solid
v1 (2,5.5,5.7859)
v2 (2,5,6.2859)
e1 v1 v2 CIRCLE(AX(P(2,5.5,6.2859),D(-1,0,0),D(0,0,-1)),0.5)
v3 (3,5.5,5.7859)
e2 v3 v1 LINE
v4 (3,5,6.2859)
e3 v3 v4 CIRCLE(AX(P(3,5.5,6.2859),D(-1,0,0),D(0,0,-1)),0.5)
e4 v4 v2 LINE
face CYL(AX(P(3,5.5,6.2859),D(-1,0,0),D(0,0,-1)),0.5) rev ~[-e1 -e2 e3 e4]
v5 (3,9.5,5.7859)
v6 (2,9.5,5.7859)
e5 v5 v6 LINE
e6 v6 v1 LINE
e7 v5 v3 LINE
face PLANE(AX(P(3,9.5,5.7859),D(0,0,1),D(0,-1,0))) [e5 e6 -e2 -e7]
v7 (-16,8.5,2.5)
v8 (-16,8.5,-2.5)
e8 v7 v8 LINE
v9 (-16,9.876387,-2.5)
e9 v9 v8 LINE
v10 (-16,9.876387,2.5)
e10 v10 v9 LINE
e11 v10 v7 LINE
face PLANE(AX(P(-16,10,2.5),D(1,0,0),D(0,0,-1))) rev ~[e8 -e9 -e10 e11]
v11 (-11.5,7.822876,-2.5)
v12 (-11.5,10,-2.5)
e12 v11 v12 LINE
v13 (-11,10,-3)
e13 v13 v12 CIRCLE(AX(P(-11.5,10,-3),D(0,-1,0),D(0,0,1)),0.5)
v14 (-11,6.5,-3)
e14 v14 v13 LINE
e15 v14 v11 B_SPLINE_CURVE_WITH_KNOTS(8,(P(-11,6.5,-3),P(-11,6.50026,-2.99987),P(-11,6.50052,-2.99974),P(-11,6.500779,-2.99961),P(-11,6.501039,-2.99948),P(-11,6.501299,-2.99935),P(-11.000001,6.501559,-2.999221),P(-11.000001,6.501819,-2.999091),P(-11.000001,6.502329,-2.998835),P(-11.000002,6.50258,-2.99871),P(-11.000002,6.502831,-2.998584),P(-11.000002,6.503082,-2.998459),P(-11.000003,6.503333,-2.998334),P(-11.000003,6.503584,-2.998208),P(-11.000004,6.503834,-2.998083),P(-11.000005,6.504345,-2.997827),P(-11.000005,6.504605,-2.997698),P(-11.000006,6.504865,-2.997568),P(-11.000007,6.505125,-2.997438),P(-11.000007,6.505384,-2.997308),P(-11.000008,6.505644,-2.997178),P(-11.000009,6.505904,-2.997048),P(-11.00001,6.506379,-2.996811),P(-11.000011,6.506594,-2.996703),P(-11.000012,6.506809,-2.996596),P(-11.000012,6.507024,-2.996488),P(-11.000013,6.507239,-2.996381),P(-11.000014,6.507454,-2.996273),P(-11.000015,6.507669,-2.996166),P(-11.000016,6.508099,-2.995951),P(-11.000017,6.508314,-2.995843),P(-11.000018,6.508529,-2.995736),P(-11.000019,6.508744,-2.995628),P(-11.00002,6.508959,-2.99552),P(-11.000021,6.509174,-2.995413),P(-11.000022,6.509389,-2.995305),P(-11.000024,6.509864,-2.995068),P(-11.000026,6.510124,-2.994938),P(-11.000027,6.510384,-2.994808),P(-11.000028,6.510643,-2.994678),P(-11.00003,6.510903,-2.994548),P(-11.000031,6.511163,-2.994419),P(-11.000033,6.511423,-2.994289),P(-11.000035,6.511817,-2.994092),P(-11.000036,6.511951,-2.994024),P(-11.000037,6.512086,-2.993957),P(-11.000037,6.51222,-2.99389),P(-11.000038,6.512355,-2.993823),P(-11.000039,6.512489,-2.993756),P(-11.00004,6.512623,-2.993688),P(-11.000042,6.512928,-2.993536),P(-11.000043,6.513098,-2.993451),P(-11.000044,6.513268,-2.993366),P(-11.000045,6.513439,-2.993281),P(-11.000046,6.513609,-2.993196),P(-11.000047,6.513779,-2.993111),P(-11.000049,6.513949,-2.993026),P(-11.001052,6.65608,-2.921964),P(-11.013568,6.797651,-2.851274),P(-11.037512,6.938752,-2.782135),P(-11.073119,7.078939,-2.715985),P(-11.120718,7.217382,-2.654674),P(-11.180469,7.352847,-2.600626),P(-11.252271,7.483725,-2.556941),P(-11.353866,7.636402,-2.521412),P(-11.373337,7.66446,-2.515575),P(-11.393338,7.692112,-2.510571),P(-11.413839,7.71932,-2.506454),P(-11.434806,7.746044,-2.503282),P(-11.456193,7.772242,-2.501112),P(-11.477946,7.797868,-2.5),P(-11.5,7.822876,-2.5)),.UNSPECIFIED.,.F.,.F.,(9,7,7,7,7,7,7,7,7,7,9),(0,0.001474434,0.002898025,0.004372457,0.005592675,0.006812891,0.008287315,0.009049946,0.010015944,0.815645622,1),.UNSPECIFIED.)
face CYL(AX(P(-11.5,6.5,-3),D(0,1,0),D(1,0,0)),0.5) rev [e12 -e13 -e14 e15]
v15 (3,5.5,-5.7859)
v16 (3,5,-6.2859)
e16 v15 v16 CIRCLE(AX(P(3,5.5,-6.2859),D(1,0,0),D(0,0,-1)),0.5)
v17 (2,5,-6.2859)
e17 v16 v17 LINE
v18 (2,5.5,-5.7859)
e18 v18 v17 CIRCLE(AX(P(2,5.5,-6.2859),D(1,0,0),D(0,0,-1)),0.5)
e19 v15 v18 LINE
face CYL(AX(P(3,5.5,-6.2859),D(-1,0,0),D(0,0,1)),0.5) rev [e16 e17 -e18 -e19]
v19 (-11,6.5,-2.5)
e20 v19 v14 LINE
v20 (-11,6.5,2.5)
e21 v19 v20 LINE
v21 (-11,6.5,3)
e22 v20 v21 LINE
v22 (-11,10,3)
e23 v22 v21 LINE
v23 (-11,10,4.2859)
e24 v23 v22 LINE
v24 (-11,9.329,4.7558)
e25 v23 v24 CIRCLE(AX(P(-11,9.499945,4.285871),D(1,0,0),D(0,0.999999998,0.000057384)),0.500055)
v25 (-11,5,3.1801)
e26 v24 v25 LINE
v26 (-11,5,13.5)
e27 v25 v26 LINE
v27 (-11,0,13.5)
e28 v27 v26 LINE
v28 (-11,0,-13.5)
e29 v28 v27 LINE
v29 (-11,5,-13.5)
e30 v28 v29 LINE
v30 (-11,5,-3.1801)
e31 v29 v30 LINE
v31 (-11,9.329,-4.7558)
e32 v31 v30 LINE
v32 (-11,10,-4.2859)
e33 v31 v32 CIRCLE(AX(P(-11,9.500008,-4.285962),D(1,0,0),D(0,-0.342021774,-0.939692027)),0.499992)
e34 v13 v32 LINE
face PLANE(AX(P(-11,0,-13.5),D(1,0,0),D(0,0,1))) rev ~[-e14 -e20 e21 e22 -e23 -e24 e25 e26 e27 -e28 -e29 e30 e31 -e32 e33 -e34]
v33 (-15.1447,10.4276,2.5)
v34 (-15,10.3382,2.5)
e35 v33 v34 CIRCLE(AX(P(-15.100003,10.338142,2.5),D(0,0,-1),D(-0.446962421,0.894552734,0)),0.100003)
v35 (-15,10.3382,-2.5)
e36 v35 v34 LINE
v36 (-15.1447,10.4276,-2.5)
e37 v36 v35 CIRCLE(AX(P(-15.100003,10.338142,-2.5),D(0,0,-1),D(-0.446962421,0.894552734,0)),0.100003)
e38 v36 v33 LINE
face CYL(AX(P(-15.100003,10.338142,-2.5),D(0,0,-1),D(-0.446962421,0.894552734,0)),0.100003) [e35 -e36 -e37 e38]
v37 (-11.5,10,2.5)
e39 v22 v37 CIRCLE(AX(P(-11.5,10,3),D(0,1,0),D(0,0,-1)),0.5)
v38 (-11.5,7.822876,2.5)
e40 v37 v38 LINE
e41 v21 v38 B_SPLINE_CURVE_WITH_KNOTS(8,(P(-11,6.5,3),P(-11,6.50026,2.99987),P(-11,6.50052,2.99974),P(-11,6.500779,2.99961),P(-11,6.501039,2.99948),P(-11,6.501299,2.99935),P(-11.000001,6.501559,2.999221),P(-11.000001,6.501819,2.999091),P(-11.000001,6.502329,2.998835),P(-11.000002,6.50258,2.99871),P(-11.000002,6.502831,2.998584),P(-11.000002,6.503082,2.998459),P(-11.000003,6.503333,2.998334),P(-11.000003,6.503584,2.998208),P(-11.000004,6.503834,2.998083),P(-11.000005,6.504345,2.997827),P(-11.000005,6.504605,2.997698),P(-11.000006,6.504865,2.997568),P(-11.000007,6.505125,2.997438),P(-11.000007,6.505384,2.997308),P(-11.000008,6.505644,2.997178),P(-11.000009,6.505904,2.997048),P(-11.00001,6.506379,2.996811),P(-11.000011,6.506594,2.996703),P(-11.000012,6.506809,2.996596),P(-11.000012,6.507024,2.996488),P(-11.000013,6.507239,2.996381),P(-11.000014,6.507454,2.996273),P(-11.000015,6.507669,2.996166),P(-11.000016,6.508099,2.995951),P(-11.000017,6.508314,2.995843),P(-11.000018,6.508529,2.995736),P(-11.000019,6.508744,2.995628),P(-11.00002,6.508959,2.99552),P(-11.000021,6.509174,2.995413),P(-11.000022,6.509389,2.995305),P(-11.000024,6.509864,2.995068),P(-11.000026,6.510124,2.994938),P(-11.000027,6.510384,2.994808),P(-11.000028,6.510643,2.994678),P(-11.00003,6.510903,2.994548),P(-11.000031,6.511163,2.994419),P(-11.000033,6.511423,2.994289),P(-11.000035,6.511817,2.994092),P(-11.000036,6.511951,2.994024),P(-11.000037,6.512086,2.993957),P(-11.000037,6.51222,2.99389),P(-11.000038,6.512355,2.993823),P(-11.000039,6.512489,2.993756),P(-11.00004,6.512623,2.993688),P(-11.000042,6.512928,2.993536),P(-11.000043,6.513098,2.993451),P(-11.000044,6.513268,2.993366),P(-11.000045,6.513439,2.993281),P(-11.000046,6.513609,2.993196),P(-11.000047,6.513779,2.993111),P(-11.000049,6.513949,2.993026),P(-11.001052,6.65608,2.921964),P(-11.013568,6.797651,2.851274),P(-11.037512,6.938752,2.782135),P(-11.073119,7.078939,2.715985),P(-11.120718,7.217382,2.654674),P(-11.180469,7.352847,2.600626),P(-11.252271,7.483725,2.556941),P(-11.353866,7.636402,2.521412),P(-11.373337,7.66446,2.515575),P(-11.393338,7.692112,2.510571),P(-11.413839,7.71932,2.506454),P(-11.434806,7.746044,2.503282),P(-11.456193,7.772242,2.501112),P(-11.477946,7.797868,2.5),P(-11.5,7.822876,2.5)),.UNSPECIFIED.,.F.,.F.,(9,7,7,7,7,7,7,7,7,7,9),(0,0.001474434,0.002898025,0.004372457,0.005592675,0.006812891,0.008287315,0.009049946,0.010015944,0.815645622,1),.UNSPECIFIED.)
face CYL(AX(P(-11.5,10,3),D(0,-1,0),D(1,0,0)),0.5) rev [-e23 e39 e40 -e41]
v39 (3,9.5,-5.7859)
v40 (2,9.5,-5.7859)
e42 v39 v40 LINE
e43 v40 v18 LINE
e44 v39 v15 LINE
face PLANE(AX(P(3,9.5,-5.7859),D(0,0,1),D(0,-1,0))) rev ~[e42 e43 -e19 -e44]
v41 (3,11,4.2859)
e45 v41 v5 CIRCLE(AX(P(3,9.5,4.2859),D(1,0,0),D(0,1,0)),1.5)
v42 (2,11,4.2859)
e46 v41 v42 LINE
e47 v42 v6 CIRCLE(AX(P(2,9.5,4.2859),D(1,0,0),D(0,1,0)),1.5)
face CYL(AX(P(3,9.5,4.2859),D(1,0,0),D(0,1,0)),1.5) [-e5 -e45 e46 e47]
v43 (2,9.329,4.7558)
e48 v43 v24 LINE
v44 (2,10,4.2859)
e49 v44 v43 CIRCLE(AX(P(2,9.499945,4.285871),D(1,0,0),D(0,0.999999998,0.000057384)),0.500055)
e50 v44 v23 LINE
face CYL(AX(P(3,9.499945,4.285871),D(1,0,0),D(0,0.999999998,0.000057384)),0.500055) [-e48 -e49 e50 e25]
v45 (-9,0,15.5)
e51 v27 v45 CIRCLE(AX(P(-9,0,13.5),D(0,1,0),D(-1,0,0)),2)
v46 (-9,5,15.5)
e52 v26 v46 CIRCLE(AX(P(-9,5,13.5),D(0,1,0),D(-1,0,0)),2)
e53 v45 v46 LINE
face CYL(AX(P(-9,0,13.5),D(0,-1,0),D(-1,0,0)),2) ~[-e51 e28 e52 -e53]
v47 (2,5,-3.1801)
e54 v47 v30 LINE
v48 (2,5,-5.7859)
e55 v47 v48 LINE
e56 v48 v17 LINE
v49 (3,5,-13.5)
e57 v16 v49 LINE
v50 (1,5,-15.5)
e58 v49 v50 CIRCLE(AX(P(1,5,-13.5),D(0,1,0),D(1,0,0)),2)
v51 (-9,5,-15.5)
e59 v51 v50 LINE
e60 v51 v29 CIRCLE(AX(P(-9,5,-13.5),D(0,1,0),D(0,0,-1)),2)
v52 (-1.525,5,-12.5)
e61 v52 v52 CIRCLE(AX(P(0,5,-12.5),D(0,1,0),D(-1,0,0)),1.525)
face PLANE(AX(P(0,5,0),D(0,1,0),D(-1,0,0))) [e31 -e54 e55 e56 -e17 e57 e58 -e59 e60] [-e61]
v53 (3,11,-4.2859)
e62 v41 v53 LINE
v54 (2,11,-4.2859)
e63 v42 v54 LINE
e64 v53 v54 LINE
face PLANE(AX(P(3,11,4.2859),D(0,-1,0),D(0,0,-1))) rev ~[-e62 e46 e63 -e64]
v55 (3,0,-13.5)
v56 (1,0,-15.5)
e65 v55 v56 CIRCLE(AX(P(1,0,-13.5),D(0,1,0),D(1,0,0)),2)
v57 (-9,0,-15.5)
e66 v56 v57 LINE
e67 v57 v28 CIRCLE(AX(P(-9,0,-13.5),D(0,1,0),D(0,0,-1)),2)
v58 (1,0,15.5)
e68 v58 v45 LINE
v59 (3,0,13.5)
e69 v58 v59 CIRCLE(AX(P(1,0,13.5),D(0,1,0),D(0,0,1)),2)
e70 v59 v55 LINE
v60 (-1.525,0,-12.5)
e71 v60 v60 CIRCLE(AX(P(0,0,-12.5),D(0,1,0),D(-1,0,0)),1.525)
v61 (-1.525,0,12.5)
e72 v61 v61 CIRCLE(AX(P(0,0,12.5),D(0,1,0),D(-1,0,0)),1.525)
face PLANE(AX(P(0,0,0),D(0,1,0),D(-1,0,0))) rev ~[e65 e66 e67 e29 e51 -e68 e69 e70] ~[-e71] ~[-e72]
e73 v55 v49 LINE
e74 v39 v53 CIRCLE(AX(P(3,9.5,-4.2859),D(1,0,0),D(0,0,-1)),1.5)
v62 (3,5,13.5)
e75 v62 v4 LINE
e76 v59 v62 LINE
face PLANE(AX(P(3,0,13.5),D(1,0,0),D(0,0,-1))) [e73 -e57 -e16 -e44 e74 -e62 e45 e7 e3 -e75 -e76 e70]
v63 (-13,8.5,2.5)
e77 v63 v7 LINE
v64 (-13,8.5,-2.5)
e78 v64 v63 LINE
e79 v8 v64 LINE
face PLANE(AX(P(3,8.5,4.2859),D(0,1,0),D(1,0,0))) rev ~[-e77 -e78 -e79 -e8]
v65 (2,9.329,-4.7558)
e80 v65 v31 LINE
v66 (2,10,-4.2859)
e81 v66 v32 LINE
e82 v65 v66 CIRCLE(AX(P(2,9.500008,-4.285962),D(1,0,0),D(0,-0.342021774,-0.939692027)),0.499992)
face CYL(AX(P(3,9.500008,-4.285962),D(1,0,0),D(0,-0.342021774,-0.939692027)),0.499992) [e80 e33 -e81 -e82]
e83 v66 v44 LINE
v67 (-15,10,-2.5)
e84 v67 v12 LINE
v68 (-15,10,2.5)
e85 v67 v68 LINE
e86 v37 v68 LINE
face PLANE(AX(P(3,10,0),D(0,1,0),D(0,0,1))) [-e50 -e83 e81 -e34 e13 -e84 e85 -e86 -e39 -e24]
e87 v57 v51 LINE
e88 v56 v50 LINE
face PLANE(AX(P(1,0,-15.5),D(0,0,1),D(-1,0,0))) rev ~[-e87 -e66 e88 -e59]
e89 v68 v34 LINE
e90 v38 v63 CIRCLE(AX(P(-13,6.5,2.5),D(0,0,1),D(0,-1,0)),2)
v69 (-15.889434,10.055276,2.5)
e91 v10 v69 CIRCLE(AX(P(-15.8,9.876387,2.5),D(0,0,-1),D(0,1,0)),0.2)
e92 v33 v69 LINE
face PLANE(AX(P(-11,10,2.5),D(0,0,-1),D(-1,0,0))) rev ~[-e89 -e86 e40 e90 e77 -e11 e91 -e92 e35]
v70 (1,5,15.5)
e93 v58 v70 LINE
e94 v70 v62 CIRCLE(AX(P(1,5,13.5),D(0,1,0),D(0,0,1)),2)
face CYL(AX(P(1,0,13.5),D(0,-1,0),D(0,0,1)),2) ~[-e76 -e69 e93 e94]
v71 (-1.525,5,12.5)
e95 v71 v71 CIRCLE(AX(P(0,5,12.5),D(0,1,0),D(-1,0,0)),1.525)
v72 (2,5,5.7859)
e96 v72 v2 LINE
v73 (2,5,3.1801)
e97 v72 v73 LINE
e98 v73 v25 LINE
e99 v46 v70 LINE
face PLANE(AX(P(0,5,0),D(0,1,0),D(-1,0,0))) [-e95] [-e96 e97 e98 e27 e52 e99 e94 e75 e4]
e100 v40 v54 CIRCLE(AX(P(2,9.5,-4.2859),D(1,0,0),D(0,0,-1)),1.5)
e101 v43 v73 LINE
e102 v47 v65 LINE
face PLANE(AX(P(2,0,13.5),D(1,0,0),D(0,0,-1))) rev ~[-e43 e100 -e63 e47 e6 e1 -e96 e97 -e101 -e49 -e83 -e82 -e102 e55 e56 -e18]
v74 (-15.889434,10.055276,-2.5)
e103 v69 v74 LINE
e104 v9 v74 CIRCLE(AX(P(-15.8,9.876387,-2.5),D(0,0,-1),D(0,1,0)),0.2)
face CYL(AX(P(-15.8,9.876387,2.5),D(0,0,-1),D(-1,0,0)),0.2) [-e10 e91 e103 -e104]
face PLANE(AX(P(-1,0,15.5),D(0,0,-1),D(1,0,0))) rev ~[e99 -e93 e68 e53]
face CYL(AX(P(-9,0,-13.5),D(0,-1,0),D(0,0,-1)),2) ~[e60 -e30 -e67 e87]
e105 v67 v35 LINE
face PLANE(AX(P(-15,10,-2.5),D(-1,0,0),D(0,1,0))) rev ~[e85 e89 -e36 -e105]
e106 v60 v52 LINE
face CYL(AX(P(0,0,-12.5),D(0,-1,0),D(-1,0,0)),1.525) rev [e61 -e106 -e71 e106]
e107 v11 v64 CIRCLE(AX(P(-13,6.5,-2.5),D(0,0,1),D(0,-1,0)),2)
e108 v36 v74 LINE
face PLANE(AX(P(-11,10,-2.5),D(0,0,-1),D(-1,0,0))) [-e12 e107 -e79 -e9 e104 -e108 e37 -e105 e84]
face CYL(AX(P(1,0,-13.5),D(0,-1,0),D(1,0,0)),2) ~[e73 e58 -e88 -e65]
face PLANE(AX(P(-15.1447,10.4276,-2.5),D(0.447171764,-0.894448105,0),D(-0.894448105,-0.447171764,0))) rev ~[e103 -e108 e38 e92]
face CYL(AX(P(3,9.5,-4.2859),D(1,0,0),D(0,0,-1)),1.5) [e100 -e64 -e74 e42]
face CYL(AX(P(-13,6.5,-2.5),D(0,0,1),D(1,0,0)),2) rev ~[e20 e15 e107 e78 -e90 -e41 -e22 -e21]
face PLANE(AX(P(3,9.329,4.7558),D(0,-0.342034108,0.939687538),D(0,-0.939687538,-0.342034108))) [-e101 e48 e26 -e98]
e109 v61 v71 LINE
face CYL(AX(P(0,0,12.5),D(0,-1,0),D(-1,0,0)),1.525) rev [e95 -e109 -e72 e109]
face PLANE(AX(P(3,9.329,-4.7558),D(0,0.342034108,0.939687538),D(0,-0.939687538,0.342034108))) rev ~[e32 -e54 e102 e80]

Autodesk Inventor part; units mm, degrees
ref_plane "YZ Plane" through (0, 0, 0) normal (1, 0, 0) x (0, 1, 0)
ref_plane "XZ Plane" through (0, 0, 0) normal (0, 1, 0) x (-1, 0, 0)
ref_plane "XY Plane" through (0, 0, 0) normal (0, 0, 1) x (1, 0, 0)
sketch "Sketch1" plane through (0, 0, 0) normal (0, 1, 0) x (-1, 0, 0)
  line L0 (-1, -15.5) -> (1, -15.5)
  line L1 (1, 15.5) -> (-1, 15.5)
  line L2 (-3, 13.5) -> (-3, -13.5)
  line L3 (-3, -15.5) -> (3, 15.5) construction
  line L4 (3, -15.5) -> (-3, 15.5) construction
  circle A0 centre (0, 12.5) radius 1.525
  circle A1 centre (0, -12.5) radius 1.525
  arc A2 (-1, 15.5) -> (-3, 13.5) centre (-1, 13.5) ccw
  arc A3 (-3, -13.5) -> (-1, -15.5) centre (-1, -13.5) ccw
  line L5 (1, -15.5) -> (9, -15.5)
  line L6 (11, -13.5) -> (11, 13.5)
  line L7 (9, 15.5) -> (1, 15.5)
  arc A4 (9, -15.5) -> (11, -13.5) centre (9, -13.5) ccw
  arc A5 (11, 13.5) -> (9, 15.5) centre (9, 13.5) ccw
  point P0 (0, 0)
  point P1 (11, -15.5)
  dimension "d0" = 25
  dimension "d1" = 3.05
  dimension "d2" = 3.05
  dimension "d3" = 3
  dimension "d4" = 3
  dimension "d7" = 31
  dimension "d19" = 10
  dimension "d20" = 2
extrude "Extrusion1" add sketch "Sketch1" along normal blind 5
sketch "Sketch2" plane through (3, 0, 13.5) normal (1, 0, 0) x (0, 0, -1)
  line L0 (0, 5) -> (27, 5) projected
  line L1 (27, 5) -> (0, 5) projected
  line L2 (13.5, 5) -> (13.5, 10)
  line L3 (13.5, 10) -> (17.7859, 10)
  line L4 (18.2558, 9.329) -> (16.6801, 5)
  line L5 (13.5, 10) -> (9.2141, 10)
  line L6 (8.7442, 9.329) -> (10.3199, 5)
  line L7 (10.3199, 5) -> (16.6801, 5)
  arc A0 (9.2141, 10) -> (8.7442, 9.329) centre (9.2141, 9.5) ccw
  arc A1 (18.2558, 9.329) -> (17.7859, 10) centre (17.7859, 9.5) ccw
  point P0 (13.5, 0)
  point P1 (18.5, 10)
  point P2 (8.5, 10)
  dimension "d11" = 5
  dimension "d12" = 5
  dimension "d13" = 70
  dimension "d14" = 5
  dimension "d15" = 70
  dimension "d16" = 0.5
extrude "Extrusion2" add sketch "Sketch2" against normal up to surface (14 mm away)
sketch "Sketch3" plane through (3, 10, 4.2859) normal (0, 1, 0) x (1, 0, 0)
  line L0 (-14, 8.5719) -> (-14, 0) projected
  line L1 (-14, 1.7859) -> (-19, 1.7859)
  line L2 (-19, 1.7859) -> (-19, 6.7859)
  line L3 (-19, 6.7859) -> (-14, 6.7859)
  line L4 (-14, 6.7859) -> (-14, 1.7859)
  line L5 (0, 8.5719) -> (-14, 8.5719) projected
  point P0 (-3, 4.2859)
  point P1 (-14, 4.2859)
  point P2 (-14, 6.7859)
  dimension "d21" = 5
  dimension "d22" = 5
extrude "Extrusion3" add sketch "Sketch3" against normal blind 1.5
sketch "Sketch4" plane through (-11, 10, -2.5) normal (0, 0, -1) x (-1, 0, 0)
  line L0 (5, 0) -> (0, 0) projected
  line L1 (5, 0) -> (4, 0)
  line L2 (4, 0) -> (4, 0.3382)
  line L3 (4.1447, 0.4276) -> (5, 0)
  arc A0 (4.1447, 0.4276) -> (4, 0.3382) centre (4.1, 0.3382) ccw
  point P0 (-11, -10)
  point P1 (4, 0.5)
  dimension "d26" = 1
  dimension "d27" = 0.5
  dimension "d28" = 0.1
extrude "Extrusion4" add sketch "Sketch4" against normal up to surface (5 mm away)
fillet "Fillet1" radius 2 1 edges at (-11, 8.5, 0)
fillet "Fillet2" radius 0.2 1 edges at (-16, 10, 0)
sketch "Sketch5" plane through (3, 0, 13.5) normal (1, 0, 0) x (0, 0, -1)
  line L0 (0, 0) -> (27, 0) projected
  line L1 (27, 0) -> (27, 5) projected
  line L2 (16.6801, 5) -> (27, 5) projected
  line L3 (16.6801, 5) -> (18.2558, 9.329) projected
  arc A0 (18.2558, 9.329) -> (17.7859, 10) centre (17.7859, 9.5) ccw projected
  line L4 (17.7859, 10) -> (9.2141, 10) projected
  arc A1 (9.2141, 10) -> (8.7442, 9.329) centre (9.2141, 9.5) ccw projected
  line L5 (8.7442, 9.329) -> (10.3199, 5) projected
  line L6 (0, 5) -> (10.3199, 5) projected
  line L7 (0, 0) -> (0, 5) projected
  line L8 (9.2141, 11) -> (17.7859, 11)
  arc A2 (19.2859, 9.5) -> (17.7859, 11) centre (17.7859, 9.5) ccw
  arc A3 (9.2141, 11) -> (7.7141, 9.5) centre (9.2141, 9.5) ccw
  line L9 (7.7141, 9.5) -> (7.7141, 5)
  line L10 (19.2859, 9.5) -> (19.2859, 5)
  line L11 (7.7141, 5) -> (19.2859, 5)
  point P0 (13.5, 0)
  dimension "d33" = 1
extrude "Extrusion5" add sketch "Sketch5" against normal blind 1 contours L9 A3 L8 A2 L10 L2 L3 A0 L4 A1 L5 L6
fillet "Fillet3" radius 0.5 1 edges at (2.5, 5, 5.7859)
fillet "Fillet4" radius 0.5 3 edges at (2.5, 5, -5.7859) (-11, 8.25, 2.5) (-11, 8.25, -2.5)
equation "\"d2\" = d1"
equation "\"d4\" = d3"
properties part number "male1"
